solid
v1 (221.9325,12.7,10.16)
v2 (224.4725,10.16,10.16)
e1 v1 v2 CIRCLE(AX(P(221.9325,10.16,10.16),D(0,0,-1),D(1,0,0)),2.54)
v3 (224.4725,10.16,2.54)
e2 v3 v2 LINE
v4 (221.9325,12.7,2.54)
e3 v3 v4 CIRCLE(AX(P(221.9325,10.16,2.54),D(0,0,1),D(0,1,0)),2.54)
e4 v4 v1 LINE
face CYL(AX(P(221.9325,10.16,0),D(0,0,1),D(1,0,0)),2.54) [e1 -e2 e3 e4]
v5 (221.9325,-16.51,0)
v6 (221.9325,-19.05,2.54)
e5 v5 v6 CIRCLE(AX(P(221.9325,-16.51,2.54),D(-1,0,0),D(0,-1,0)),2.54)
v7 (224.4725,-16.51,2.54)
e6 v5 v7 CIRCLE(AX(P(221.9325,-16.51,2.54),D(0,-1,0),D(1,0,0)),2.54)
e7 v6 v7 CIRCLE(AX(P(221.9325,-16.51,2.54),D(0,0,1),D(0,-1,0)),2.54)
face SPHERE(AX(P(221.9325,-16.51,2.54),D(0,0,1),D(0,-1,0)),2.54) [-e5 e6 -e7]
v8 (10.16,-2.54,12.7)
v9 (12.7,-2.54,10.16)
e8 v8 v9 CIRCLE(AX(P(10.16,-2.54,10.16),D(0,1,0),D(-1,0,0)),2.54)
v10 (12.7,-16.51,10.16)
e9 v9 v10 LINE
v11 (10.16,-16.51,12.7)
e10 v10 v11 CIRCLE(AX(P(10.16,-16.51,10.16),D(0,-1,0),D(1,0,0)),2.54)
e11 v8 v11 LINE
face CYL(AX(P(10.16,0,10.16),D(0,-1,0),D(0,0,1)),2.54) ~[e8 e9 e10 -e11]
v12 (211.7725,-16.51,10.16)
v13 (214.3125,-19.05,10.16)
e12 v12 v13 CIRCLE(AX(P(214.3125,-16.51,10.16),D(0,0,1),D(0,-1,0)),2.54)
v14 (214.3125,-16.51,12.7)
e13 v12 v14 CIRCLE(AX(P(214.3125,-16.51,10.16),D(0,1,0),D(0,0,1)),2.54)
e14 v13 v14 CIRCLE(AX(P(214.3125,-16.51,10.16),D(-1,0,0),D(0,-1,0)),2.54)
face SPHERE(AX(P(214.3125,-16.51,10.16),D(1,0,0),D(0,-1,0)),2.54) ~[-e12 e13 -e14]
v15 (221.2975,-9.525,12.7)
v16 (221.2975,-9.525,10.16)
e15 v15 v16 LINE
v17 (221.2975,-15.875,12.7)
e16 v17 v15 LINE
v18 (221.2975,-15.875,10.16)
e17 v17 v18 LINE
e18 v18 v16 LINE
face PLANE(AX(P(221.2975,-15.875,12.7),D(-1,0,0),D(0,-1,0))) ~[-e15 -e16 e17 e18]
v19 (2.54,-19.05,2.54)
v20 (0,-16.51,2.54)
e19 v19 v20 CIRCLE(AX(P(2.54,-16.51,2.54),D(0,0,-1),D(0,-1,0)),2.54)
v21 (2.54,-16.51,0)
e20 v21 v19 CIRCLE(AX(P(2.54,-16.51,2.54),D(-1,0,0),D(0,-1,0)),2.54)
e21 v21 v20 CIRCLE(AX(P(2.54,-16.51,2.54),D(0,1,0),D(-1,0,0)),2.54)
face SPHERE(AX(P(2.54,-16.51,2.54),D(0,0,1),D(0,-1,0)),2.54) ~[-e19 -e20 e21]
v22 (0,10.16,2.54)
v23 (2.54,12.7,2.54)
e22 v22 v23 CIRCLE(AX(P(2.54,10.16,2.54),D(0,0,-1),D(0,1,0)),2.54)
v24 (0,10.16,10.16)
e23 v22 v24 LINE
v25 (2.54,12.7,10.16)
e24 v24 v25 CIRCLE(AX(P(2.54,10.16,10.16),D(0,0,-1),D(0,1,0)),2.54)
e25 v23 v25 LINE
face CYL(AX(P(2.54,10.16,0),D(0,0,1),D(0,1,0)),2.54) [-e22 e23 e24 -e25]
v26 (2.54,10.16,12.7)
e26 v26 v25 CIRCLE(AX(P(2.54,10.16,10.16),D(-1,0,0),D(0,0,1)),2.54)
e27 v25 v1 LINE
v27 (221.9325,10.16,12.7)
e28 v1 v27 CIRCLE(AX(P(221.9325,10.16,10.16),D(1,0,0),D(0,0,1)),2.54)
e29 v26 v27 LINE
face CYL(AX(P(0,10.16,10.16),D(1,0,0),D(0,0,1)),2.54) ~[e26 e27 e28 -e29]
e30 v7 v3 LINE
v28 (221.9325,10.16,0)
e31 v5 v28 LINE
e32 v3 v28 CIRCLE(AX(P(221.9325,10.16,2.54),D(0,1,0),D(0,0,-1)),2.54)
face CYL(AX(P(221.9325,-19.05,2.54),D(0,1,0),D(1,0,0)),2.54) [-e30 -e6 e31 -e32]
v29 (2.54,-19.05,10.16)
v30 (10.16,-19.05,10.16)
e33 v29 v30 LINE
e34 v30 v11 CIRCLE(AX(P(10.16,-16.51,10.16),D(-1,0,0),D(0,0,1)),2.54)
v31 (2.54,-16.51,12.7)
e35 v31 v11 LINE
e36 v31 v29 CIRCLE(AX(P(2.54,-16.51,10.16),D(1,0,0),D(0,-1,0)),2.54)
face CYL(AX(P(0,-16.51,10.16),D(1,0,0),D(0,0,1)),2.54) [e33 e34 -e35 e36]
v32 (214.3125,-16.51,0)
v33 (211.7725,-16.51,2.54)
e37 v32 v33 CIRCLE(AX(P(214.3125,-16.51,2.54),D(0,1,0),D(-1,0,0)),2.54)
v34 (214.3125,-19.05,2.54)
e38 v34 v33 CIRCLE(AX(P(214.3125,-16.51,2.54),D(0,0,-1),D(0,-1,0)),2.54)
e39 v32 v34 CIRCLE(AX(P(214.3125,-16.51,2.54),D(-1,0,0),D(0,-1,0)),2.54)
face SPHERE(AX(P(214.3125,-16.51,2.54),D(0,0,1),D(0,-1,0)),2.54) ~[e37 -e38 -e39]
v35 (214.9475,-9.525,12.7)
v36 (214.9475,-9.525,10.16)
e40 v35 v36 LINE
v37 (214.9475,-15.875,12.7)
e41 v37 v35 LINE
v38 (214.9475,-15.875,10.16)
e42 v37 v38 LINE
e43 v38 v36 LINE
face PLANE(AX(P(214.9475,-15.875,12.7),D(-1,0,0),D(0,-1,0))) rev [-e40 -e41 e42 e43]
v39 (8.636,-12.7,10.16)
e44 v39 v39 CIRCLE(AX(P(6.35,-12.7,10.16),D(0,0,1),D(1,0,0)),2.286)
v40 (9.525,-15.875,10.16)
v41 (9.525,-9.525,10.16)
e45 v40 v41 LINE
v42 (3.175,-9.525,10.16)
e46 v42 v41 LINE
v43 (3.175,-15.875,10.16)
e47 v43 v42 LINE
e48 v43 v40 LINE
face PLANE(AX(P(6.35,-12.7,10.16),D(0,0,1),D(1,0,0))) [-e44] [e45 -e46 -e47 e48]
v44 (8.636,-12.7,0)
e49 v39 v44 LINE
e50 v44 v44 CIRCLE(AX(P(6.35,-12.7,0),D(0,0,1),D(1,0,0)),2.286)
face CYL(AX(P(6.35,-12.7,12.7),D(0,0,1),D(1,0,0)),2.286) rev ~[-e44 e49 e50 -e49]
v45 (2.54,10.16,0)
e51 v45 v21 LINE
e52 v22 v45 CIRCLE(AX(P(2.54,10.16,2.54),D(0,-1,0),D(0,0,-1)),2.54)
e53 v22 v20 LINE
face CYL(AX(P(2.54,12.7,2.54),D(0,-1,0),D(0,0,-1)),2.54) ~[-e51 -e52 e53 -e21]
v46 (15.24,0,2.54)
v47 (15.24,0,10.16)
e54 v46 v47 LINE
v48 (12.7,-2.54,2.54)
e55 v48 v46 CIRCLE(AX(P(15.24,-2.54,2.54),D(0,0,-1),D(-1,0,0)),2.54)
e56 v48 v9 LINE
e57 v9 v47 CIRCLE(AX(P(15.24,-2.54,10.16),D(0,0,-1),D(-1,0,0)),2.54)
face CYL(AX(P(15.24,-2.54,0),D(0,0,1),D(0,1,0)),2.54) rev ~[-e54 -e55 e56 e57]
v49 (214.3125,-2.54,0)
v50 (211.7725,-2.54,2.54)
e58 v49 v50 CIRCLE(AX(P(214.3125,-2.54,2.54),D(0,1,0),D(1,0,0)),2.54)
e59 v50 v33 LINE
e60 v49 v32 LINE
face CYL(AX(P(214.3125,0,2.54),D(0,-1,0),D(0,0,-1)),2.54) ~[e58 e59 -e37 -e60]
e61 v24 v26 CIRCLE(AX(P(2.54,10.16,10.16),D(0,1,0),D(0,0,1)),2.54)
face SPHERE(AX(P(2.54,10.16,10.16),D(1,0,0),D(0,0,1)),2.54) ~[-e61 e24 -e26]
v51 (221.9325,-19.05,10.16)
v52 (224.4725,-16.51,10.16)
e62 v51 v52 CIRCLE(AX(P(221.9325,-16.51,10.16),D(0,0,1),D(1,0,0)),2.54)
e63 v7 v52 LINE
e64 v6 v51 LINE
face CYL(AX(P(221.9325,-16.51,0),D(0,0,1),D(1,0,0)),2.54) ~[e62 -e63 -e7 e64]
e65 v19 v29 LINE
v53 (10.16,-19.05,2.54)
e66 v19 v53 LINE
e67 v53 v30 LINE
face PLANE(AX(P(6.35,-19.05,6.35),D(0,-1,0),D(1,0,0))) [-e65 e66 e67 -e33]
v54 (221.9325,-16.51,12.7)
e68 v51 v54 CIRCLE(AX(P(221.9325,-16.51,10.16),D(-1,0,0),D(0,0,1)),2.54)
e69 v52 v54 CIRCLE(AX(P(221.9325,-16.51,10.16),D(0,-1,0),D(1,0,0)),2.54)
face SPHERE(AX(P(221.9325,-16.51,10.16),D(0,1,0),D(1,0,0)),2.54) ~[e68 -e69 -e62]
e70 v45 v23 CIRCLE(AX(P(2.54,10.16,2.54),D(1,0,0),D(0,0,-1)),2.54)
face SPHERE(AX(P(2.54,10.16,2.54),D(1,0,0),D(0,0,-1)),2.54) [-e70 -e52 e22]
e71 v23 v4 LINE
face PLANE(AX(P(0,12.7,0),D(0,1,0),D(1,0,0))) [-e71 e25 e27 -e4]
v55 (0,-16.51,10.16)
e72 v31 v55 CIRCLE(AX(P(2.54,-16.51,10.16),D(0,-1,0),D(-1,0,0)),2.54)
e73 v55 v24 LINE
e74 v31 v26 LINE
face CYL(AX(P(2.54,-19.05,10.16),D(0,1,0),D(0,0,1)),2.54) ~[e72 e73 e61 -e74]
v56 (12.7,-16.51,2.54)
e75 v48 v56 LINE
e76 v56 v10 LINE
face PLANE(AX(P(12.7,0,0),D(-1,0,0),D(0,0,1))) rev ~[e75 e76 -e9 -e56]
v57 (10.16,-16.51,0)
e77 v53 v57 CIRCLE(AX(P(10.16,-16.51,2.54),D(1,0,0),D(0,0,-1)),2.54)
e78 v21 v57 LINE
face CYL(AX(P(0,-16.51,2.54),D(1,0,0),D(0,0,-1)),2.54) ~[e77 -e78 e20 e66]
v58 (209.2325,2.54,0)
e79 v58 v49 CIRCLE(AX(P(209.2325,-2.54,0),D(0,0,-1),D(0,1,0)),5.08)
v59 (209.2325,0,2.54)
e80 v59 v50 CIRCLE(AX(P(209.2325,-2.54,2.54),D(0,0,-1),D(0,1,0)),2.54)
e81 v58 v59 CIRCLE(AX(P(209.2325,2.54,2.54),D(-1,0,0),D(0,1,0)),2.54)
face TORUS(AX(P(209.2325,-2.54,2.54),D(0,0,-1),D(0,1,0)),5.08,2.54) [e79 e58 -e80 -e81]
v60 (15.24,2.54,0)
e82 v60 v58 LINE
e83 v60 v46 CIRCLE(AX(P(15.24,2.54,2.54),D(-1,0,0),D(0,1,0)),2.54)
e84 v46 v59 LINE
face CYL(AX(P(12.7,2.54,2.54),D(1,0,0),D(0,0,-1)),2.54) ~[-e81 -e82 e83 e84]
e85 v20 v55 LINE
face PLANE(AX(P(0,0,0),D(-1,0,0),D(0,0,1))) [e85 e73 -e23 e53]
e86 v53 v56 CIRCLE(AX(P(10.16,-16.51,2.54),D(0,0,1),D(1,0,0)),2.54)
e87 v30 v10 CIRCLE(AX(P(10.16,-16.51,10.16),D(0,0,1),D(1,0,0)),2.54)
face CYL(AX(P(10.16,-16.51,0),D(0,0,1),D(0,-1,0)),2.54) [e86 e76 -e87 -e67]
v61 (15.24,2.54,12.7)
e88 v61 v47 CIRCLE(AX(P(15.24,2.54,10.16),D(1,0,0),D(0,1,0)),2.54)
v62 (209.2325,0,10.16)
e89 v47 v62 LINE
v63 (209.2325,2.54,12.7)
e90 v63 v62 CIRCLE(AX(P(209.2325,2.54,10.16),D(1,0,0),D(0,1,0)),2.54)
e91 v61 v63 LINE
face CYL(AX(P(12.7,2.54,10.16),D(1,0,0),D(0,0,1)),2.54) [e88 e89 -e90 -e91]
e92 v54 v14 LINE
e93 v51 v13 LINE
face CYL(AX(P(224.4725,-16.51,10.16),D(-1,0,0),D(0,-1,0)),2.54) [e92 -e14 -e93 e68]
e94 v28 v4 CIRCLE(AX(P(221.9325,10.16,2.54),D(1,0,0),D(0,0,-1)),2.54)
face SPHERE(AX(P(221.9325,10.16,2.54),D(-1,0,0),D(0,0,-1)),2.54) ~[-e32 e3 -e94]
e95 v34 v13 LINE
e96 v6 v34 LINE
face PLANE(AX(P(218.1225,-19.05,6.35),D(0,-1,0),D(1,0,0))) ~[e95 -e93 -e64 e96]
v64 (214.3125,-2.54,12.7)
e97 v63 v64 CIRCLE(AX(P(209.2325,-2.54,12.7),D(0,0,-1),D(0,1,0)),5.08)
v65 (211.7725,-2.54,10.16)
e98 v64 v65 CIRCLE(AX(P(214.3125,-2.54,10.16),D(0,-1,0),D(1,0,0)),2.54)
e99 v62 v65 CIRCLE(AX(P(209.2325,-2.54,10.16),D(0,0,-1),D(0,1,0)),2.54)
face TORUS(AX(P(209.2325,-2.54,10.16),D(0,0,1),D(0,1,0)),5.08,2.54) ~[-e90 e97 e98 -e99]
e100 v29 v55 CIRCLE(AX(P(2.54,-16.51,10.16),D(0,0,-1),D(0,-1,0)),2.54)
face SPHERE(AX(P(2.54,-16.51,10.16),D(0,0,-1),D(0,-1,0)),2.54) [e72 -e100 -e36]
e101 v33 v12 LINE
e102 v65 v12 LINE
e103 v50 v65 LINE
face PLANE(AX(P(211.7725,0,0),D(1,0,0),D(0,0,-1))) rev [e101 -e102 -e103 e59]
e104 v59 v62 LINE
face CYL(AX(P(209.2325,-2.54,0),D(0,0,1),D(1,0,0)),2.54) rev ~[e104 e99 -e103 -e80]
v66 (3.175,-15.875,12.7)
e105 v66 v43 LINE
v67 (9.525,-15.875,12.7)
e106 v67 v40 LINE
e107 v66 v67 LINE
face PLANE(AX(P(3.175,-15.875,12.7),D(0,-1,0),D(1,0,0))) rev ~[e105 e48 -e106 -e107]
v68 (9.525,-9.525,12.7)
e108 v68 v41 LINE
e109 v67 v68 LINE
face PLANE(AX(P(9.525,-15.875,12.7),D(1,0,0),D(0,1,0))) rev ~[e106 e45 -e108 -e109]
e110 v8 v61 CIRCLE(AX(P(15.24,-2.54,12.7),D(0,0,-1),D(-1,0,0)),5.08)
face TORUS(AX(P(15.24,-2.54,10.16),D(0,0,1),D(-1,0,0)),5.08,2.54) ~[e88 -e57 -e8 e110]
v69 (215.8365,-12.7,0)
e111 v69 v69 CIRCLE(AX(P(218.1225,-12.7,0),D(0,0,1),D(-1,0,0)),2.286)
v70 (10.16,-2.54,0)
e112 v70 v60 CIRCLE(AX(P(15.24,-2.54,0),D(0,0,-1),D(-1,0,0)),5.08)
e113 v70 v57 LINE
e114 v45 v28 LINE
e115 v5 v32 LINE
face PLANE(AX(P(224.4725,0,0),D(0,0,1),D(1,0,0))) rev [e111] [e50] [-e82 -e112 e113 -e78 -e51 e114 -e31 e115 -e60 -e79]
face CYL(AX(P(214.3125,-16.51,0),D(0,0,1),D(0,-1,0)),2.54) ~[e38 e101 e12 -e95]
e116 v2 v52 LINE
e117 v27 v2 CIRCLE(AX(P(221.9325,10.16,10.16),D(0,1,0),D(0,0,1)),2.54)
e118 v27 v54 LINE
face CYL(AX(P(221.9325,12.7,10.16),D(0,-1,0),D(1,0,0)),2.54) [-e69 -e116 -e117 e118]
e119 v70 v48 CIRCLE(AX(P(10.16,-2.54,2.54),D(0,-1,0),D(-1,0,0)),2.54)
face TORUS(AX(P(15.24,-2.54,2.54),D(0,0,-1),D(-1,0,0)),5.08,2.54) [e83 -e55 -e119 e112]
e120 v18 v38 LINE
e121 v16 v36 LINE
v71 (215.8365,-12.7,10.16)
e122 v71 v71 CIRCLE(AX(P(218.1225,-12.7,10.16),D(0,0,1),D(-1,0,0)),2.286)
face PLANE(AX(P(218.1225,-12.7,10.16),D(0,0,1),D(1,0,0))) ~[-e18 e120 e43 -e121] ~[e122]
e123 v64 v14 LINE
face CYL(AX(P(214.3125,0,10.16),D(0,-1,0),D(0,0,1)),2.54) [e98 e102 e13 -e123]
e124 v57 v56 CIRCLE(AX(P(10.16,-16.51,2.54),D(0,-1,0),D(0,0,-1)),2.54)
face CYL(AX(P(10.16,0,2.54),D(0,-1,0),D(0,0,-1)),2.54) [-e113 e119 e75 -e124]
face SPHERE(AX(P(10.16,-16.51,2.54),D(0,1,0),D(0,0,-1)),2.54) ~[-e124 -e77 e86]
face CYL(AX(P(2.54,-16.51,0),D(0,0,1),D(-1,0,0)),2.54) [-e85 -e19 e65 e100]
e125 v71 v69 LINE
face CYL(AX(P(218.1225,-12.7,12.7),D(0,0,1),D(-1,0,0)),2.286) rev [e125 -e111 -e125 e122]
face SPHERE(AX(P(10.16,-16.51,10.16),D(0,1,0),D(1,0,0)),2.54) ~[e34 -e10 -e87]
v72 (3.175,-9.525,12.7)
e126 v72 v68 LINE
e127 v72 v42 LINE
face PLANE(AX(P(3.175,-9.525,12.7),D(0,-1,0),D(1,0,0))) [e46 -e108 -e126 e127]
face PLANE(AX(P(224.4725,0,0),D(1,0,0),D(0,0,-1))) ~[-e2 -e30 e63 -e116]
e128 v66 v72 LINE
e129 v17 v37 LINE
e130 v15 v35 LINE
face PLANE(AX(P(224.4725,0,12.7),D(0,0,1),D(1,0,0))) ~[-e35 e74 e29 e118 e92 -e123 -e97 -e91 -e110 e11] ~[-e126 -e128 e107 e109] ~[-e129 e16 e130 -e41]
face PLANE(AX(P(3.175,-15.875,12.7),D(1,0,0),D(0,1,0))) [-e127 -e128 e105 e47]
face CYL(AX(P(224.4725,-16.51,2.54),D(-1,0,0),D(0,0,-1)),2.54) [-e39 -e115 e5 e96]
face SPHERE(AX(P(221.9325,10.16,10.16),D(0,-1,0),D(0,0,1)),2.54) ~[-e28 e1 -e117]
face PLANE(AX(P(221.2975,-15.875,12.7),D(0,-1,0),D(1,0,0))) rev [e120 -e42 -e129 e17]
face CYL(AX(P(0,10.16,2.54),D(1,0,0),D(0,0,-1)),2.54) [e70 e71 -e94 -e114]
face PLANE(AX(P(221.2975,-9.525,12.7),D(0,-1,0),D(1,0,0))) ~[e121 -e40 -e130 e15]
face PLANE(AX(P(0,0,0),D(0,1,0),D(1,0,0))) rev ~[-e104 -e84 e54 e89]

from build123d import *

# Parameters (mm, degrees)
SKETCH1_W           = 224.4725
SKETCH1_H           = 12.7
BOSS_EXTRUDE1_DEPTH = 12.7
SKETCH2_W           = 12.7
SKETCH2_H           = 12.7
BOSS_EXTRUDE2_DEPTH = 19.05
SKETCH3_R           = 2.286
CUT_EXTRUDE1_DEPTH  = 226.63708861
SKETCH4_W           = 6.35
SKETCH4_H           = 6.35
CUT_EXTRUDE2_DEPTH  = 2.54
FILLET1_R           = 2.54


with BuildPart() as part:
    # Sketch1 → Boss-Extrude1 (new body)
    with BuildSketch(Plane.XY):
        with Locations((112.23625, 6.35)):
            Rectangle(SKETCH1_W, SKETCH1_H)
    extrude(amount=BOSS_EXTRUDE1_DEPTH)

    # Sketch2 → Boss-Extrude2 (add)
    with BuildSketch(Plane.XZ):
        with Locations((6.35, 6.35)):
            Rectangle(SKETCH2_W, SKETCH2_H)
    boss_extrude2 = extrude(amount=BOSS_EXTRUDE2_DEPTH)

    # Sketch3 → Cut-Extrude1 (cut, through all)
    with BuildSketch(Plane.XY.offset(12.7)):
        with Locations((6.35, -12.7)):
            Circle(SKETCH3_R)
    cut_extrude1 = extrude(amount=-CUT_EXTRUDE1_DEPTH, mode=Mode.SUBTRACT)

    # Sketch4 → Cut-Extrude2 (cut)
    with BuildSketch(Plane.XY.offset(12.7)):
        with Locations((6.35, -12.7)):
            Rectangle(SKETCH4_W, SKETCH4_H)
    cut_extrude2 = extrude(amount=-CUT_EXTRUDE2_DEPTH, mode=Mode.SUBTRACT)

    # Mirror1: Boss-Extrude2, Cut-Extrude1, Cut-Extrude2 across plane
    add(boss_extrude2.mirror(Plane.ZY.offset(-112.23625)))
    add(cut_extrude1.mirror(Plane.ZY.offset(-112.23625)), mode=Mode.SUBTRACT)
    add(cut_extrude2.mirror(Plane.ZY.offset(-112.23625)), mode=Mode.SUBTRACT)

    # Fillet1
    fillet1_edges = [part.edges().sort_by_distance(p)[0] for p in [
        (224.4725, -3.175, 12.7),
        (112.23625, 0, 0),
        (112.23625, 0, 12.7),
        (12.7, 0, 6.35),
        (112.23625, 12.7, 12.7),
        (12.7, -9.525, 0),
        (12.7, -9.525, 12.7),
        (0, -19.05, 6.35),
        (6.35, -19.05, 0),
        (12.7, -19.05, 6.35),
        (6.35, -19.05, 12.7),
        (0, -3.175, 12.7),
        (112.23625, 12.7, 0),
        (224.4725, -19.05, 6.35),
        (218.1225, -19.05, 12.7),
        (211.7725, -19.05, 6.35),
        (211.7725, -9.525, 12.7),
        (218.1225, -19.05, 0),
        (211.7725, -9.525, 0),
        (211.7725, 0, 6.35),
        (224.4725, -3.175, 0),
        (0, -3.175, 0),
        (0, 12.7, 6.35),
        (224.4725, 12.7, 6.35),
    ]]
    fillet(fillet1_edges, radius=FILLET1_R)


solid = part.part
